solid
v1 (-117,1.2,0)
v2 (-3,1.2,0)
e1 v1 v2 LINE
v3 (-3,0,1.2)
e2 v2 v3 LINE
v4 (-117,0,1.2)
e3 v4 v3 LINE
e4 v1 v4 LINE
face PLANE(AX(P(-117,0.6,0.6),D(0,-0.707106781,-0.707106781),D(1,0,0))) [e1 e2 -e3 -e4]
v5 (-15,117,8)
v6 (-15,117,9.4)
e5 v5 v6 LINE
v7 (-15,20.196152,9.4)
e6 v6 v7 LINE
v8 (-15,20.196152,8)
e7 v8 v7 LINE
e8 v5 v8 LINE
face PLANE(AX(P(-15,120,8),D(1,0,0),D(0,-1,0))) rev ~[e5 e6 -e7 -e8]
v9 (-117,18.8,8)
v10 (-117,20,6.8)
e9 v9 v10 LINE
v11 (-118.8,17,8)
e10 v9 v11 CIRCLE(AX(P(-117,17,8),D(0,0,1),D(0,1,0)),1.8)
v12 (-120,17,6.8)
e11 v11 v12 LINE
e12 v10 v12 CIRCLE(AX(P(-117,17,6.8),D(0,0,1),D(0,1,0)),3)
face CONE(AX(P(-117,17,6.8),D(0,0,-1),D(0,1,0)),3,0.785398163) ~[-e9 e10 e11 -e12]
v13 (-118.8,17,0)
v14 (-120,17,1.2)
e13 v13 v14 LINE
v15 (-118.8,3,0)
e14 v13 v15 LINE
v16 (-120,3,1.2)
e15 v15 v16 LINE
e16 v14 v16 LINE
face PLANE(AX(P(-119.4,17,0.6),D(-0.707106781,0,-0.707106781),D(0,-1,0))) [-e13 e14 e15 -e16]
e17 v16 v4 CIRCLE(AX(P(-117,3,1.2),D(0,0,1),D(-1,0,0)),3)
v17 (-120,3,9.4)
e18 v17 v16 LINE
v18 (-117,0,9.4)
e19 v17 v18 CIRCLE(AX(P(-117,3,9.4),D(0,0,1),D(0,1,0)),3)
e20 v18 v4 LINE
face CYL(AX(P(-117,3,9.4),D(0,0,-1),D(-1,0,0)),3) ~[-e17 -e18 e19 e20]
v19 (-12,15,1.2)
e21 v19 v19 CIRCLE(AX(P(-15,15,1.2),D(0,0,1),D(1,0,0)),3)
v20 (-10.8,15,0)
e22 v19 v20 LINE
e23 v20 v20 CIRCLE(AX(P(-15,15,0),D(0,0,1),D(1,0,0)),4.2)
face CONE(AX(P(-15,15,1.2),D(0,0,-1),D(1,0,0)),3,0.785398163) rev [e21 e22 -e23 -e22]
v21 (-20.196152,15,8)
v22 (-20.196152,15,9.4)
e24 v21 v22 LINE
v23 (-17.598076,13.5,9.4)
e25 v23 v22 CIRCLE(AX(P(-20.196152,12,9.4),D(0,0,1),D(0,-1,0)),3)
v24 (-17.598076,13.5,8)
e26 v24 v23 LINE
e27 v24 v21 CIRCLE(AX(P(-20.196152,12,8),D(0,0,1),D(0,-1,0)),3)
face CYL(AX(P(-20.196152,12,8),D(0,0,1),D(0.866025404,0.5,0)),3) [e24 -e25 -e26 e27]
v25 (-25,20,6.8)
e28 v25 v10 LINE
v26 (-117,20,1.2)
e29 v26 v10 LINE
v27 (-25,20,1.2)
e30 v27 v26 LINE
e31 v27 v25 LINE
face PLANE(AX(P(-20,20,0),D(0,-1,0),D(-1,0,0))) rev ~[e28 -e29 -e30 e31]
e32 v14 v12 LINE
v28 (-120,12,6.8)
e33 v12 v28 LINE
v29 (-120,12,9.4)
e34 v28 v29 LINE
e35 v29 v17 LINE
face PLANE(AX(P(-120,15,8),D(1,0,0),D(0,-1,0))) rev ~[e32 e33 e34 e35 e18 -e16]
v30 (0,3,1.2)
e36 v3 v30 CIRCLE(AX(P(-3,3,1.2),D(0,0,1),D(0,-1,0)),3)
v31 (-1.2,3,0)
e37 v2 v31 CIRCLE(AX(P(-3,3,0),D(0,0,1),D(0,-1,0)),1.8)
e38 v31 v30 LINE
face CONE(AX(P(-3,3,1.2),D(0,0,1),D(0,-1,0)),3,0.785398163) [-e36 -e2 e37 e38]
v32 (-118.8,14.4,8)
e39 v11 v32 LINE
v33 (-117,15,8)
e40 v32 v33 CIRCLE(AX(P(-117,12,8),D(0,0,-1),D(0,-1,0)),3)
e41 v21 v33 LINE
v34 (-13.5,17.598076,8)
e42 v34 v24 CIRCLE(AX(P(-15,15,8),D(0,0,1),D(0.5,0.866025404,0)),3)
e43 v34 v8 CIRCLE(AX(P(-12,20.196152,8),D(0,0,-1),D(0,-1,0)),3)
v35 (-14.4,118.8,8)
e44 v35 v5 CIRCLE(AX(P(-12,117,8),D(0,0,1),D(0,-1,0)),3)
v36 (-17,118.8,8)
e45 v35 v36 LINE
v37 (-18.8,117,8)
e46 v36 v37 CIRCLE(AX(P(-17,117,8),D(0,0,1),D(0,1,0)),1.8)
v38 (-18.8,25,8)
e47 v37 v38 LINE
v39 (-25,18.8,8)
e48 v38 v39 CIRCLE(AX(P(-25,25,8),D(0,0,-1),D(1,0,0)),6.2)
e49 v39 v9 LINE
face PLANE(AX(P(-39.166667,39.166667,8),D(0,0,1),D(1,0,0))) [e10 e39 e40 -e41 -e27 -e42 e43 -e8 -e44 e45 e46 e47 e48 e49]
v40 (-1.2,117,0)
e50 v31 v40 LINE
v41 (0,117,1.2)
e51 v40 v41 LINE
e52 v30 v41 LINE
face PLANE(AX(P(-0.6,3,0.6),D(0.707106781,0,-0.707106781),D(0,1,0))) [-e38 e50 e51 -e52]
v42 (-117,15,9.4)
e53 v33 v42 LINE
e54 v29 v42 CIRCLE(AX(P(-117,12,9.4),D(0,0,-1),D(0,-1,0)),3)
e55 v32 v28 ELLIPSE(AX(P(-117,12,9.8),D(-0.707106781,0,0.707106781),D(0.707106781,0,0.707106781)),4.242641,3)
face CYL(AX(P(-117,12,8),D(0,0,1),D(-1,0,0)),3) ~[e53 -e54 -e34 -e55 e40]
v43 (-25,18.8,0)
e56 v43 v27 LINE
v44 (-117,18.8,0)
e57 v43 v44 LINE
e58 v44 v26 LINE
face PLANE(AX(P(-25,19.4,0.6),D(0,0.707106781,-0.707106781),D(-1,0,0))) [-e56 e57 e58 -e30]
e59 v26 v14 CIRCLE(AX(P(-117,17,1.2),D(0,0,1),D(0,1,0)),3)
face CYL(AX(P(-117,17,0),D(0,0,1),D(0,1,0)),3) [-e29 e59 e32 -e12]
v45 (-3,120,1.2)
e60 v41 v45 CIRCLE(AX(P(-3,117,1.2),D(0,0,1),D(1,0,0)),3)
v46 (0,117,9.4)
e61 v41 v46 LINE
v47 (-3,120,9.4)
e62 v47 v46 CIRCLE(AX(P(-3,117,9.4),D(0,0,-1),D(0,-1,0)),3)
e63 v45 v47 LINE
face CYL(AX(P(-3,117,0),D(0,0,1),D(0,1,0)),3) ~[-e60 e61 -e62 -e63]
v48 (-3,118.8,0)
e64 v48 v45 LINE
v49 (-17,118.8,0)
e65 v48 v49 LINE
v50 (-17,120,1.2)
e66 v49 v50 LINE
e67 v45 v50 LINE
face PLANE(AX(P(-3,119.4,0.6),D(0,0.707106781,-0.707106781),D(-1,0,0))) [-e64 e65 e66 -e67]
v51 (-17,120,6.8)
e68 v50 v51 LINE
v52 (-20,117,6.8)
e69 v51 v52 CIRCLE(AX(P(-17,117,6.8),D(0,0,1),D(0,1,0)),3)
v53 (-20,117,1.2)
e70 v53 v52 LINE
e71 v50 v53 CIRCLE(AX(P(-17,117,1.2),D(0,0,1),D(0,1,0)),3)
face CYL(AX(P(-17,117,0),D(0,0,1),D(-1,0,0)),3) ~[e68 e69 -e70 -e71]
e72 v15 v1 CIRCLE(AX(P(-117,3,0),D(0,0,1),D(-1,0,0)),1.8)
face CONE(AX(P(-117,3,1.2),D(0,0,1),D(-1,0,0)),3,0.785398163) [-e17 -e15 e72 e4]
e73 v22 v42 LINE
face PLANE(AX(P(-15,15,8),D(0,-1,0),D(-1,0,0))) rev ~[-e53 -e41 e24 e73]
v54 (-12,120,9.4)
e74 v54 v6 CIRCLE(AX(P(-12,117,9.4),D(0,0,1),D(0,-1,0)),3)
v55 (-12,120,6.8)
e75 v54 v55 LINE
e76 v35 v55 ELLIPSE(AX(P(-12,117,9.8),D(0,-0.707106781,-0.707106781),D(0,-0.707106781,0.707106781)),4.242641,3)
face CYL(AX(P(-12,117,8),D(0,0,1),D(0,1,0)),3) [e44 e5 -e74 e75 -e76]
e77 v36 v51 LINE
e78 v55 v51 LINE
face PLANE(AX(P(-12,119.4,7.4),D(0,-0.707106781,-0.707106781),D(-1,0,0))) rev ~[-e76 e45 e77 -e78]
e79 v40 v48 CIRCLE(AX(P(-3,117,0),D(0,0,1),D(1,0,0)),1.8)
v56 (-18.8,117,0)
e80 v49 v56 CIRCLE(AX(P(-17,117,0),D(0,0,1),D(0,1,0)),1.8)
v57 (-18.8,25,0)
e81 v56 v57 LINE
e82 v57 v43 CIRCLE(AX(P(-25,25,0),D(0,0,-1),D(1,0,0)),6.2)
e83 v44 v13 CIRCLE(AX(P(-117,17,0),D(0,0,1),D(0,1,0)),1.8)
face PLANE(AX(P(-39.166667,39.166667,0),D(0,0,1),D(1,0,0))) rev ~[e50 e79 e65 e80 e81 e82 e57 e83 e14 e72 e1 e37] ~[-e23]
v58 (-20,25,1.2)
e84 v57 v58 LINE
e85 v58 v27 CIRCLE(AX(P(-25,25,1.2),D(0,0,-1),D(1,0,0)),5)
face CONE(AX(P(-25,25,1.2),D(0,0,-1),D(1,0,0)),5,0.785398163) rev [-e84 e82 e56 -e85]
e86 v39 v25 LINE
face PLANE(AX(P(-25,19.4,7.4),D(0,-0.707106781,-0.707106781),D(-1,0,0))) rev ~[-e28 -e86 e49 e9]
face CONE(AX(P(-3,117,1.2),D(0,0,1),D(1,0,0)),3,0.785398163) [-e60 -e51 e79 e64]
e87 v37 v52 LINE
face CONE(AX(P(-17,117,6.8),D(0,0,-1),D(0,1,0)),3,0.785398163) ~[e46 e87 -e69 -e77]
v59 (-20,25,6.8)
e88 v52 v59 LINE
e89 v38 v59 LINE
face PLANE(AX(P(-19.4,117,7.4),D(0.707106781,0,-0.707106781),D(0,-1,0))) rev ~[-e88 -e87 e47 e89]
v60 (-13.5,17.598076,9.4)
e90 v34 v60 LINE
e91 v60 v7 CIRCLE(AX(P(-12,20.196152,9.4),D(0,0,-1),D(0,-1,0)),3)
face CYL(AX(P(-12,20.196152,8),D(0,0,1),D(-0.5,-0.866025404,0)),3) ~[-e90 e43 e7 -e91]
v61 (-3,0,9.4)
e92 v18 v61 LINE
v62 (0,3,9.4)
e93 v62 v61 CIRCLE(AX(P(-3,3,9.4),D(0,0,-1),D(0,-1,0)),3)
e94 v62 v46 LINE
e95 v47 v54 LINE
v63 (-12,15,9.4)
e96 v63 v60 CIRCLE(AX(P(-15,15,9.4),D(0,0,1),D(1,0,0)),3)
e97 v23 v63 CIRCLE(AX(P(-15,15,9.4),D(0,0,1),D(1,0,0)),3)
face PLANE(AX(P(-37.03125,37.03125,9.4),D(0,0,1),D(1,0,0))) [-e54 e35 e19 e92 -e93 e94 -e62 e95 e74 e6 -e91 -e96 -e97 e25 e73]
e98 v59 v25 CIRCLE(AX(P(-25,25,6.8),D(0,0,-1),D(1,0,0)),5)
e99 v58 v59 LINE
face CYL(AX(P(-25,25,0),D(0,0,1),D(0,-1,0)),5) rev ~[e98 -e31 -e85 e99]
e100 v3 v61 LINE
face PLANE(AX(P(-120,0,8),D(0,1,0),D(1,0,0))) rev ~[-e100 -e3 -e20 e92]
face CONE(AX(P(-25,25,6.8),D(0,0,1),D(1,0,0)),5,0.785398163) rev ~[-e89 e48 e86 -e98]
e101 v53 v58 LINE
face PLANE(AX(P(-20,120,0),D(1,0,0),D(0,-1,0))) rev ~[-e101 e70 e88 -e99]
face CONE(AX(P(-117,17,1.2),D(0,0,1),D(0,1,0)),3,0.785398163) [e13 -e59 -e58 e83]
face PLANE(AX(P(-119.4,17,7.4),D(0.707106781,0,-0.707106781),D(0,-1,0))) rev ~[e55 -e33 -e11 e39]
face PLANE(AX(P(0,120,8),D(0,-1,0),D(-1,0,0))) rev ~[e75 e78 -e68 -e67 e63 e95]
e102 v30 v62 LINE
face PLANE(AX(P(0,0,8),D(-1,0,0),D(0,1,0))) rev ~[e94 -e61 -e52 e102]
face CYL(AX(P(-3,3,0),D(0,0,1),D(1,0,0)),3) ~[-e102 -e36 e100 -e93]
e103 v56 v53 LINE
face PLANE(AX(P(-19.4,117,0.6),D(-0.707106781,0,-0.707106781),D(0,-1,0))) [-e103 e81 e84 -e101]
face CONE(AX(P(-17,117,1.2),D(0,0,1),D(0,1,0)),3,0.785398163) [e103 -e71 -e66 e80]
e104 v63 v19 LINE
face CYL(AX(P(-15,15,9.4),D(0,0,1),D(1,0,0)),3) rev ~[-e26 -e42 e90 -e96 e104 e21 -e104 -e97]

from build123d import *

# Parameters (mm, degrees)
F1_DEPTH = 8
F3_DEPTH = 1.4
F4_R     = 3
F5_DEPTH = 9.401
F6_R     = 5
F7_R     = 3
F8_SIZE  = 1.2
F9_SIZE  = 1.2


with BuildPart() as f1:
    # F0 (on Top) → F1 (new body)
    with BuildSketch(Plane.XY):
        Polygon((0, 0), (0, 120), (-20, 120), (-20, 20), (-120, 20), (-120, 0), align=None)
    extrude(amount=F1_DEPTH)

    # F2 (on face) → F3 (join)
    with BuildSketch(Plane.XY.offset(8)):
        Polygon((-120, 0), (0, 0), (0, 120), (-15, 120), (-15, 15), (-120, 15), align=None)
    extrude(amount=F3_DEPTH)

    # F4 (on face) → F5 (cut, through all)
    with BuildSketch(Plane.XY.offset(9.4)):
        with Locations((-15, 15)):
            Circle(F4_R)
    extrude(amount=-F5_DEPTH, mode=Mode.SUBTRACT)

    # F6
    f6_edges = [f1.edges().sort_by_distance(p)[0] for p in [
        (-20, 20, 4),
    ]]
    fillet(f6_edges, radius=F6_R)

    # F7
    f7_edges = [f1.edges().sort_by_distance(p)[0] for p in [
        (0, 0, 4.7),
        (0, 120, 4.7),
        (-20, 120, 4),
        (-120, 20, 4),
        (-120, 0, 4.7),
        (-120, 15, 8.7),
        (-15, 18, 8.7),
        (-18, 15, 8.7),
        (-15, 120, 8.7),
    ]]
    fillet(f7_edges, radius=F7_R)

    # F8
    f8_edges = [f1.edges().sort_by_distance(p)[0] for p in [
        (-20, 71, 8),
    ]]
    chamfer(f8_edges, length=F8_SIZE)

    # F9
    f9_edges = [f1.edges().sort_by_distance(p)[0] for p in [
        (-60, 0, 0),
        (-18, 15, 0),
    ]]
    chamfer(f9_edges, length=F9_SIZE)


solid = f1.part
